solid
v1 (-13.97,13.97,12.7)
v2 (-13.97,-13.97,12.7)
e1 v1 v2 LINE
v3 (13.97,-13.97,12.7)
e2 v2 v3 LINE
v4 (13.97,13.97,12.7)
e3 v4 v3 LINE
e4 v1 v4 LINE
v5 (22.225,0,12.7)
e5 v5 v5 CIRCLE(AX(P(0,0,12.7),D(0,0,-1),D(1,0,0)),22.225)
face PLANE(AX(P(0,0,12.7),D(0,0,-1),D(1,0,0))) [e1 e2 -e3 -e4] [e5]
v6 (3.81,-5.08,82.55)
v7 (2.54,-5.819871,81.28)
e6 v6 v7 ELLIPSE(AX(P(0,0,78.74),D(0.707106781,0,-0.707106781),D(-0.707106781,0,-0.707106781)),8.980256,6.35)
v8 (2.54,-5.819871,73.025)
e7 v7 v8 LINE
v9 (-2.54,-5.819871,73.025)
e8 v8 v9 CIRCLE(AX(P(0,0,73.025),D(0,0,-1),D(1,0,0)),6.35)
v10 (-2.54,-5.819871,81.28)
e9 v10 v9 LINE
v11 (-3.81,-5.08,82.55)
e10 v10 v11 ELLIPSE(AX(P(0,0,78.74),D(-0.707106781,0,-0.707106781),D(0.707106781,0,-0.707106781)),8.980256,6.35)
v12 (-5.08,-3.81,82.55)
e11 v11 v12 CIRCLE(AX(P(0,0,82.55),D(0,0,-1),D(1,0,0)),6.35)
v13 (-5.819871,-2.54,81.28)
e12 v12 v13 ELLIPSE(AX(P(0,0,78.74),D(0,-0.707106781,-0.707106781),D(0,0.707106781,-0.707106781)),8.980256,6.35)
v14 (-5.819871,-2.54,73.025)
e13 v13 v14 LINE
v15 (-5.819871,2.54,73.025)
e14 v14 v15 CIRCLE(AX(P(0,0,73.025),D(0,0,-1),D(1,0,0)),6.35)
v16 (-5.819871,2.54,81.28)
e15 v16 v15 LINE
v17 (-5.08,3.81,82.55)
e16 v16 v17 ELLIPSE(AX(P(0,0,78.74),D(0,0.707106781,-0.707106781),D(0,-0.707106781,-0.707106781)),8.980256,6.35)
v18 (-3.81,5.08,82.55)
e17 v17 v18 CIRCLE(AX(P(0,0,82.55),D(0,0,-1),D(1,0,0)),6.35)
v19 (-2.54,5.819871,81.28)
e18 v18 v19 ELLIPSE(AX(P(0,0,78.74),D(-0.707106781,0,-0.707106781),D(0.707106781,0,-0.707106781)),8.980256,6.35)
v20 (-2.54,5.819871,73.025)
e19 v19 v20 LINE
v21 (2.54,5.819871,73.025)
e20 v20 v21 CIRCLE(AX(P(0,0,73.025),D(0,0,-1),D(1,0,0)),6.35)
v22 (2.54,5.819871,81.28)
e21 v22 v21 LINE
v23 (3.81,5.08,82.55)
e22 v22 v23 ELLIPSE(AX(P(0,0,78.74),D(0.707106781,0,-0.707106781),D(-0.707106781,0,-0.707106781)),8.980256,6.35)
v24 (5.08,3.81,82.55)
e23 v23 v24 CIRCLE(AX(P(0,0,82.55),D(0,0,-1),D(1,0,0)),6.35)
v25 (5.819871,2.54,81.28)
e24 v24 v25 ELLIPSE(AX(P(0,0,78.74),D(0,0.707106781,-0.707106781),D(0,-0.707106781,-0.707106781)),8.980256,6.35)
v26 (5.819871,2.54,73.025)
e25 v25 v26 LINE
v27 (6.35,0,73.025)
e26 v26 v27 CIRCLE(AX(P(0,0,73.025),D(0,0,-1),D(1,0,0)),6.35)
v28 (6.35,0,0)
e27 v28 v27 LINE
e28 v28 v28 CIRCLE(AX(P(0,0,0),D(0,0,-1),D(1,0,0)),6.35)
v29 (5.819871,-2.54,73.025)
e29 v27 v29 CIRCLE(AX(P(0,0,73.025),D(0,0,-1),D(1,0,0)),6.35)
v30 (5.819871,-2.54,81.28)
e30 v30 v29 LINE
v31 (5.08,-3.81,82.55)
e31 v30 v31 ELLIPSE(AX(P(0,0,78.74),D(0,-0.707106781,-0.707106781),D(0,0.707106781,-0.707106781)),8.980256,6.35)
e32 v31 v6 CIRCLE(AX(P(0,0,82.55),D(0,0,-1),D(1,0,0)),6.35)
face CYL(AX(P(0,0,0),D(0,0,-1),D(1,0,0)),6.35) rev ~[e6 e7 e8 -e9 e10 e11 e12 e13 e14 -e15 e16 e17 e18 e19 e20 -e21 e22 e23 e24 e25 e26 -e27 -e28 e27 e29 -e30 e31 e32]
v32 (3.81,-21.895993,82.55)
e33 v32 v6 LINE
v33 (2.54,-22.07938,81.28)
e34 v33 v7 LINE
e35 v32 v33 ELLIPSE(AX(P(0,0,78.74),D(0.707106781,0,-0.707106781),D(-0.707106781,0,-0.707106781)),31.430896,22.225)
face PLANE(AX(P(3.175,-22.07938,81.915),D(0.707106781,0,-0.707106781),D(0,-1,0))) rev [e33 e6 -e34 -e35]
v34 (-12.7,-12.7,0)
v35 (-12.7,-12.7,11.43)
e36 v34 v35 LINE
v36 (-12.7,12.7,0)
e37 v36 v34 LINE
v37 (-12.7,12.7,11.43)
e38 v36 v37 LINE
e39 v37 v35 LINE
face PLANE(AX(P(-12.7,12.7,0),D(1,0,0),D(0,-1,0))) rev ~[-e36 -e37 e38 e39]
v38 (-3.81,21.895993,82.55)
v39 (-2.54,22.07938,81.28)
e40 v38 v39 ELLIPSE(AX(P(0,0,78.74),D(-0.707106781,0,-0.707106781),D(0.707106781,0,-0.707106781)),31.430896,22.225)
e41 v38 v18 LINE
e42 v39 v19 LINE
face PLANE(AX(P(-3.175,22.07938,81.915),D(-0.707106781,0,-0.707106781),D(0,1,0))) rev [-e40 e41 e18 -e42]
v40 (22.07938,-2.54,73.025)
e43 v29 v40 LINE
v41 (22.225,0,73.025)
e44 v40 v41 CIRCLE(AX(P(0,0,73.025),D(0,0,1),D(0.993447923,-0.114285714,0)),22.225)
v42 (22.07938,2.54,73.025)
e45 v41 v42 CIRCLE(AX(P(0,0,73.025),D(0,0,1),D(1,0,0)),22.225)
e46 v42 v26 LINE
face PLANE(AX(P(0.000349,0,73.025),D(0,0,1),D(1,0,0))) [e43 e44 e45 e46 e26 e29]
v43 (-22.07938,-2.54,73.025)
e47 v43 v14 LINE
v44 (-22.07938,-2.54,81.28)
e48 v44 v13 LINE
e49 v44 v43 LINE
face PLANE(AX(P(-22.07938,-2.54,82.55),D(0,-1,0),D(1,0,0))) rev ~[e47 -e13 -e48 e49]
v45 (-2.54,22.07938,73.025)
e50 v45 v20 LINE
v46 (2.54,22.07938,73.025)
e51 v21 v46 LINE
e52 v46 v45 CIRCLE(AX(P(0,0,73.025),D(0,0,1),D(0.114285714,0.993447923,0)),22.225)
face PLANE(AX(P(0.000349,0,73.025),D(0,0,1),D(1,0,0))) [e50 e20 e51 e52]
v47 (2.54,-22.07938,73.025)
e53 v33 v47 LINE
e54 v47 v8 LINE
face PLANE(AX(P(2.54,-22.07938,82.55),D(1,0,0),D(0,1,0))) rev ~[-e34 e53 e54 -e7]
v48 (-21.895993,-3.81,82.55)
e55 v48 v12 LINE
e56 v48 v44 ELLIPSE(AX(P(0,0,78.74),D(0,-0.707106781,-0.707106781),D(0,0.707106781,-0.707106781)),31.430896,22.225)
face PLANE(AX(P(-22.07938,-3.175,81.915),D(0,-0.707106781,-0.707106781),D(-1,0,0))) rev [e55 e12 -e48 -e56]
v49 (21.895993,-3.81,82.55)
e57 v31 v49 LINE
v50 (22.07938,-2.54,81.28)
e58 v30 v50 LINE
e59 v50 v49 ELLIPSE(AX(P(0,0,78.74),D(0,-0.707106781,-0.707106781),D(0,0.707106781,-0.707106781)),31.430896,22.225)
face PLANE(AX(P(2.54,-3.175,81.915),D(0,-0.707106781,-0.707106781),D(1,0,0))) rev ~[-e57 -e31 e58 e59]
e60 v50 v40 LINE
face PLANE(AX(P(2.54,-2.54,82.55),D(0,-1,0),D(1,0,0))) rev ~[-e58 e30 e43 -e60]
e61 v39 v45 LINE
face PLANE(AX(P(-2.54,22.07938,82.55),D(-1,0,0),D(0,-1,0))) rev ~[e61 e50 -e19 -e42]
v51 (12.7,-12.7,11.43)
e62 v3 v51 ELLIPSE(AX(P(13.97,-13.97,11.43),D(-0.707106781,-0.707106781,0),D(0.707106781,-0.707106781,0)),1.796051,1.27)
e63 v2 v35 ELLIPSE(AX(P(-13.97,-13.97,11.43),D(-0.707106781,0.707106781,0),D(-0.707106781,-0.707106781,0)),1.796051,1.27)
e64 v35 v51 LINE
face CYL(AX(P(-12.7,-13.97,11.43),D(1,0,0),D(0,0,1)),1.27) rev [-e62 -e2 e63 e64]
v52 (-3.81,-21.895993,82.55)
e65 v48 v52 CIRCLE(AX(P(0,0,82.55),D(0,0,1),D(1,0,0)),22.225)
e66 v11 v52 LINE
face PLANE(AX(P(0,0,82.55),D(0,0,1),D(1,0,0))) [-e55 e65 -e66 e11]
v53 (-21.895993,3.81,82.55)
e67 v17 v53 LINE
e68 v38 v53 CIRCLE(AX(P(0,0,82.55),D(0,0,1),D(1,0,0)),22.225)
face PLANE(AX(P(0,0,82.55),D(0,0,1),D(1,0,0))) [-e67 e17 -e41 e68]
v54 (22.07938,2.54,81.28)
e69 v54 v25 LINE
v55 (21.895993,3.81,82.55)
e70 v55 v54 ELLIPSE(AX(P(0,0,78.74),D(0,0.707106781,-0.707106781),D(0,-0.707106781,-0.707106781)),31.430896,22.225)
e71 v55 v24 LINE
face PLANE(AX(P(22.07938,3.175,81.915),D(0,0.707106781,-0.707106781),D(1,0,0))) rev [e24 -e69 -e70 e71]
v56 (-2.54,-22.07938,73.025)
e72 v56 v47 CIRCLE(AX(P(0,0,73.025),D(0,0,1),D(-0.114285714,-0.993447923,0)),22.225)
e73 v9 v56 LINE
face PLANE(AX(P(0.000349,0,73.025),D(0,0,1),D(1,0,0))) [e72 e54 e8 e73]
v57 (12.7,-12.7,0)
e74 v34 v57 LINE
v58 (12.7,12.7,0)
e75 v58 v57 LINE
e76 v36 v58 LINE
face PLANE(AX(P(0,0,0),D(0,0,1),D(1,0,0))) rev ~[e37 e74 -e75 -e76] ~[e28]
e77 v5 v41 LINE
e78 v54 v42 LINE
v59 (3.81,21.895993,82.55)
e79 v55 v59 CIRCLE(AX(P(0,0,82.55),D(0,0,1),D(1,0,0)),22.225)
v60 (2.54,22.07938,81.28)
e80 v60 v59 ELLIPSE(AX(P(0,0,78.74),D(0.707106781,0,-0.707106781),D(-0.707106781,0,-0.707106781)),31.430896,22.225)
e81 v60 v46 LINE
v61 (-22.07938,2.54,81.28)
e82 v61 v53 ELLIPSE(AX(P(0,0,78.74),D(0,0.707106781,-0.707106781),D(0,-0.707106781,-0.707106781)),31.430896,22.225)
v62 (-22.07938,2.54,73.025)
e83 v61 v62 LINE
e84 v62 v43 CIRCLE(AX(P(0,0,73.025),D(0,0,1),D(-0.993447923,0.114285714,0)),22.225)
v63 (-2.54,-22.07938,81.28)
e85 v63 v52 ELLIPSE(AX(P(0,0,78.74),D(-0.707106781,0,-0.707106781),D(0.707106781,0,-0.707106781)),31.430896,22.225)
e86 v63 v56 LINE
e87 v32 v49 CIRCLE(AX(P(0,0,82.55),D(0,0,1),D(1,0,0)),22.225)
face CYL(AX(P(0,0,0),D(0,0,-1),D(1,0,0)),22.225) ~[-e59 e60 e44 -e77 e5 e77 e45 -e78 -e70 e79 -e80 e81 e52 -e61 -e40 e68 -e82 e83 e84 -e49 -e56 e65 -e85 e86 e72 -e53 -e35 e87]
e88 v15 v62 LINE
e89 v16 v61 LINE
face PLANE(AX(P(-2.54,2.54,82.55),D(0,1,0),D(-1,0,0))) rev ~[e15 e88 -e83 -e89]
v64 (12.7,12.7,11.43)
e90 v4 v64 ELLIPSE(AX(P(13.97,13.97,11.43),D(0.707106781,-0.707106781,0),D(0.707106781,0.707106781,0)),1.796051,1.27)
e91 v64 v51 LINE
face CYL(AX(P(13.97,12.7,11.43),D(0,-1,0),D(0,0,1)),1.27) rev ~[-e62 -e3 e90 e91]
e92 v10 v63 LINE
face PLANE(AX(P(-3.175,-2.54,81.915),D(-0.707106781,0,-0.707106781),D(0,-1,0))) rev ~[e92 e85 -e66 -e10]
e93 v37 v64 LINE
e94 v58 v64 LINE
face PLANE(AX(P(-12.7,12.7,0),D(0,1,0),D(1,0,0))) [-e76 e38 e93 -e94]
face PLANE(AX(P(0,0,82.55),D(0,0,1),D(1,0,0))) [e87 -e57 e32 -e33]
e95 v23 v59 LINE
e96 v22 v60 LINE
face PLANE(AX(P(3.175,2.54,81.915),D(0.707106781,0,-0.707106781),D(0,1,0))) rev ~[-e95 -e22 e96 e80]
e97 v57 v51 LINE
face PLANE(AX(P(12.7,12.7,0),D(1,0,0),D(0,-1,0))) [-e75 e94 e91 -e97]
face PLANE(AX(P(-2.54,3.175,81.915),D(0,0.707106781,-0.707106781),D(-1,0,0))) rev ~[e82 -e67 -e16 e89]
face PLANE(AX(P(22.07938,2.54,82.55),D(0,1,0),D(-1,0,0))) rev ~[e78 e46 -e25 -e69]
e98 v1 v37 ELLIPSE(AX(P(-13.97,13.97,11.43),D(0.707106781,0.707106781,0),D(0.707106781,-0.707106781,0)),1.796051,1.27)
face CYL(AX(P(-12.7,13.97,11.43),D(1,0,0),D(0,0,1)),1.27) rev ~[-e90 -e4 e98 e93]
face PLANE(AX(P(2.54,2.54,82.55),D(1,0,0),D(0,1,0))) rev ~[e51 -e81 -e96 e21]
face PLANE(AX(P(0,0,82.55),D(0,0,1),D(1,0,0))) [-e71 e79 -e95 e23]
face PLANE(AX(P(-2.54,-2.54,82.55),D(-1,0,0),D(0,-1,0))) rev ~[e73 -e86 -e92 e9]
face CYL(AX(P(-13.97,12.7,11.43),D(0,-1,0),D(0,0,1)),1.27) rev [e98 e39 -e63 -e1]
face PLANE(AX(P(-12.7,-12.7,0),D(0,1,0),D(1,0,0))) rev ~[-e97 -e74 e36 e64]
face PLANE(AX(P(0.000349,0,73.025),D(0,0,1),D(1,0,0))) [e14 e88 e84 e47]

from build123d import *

# Parameters (mm, degrees)
F0_R     = 22.225
F1_DEPTH = 82.55
F3_DEPTH = 9.525
F4_SIZE  = 1.27
F5_R     = 22.225
F5_W     = 25.4
F5_H     = 25.4
F6_DEPTH = 12.7
F7_R     = 1.27
F8_R     = 6.35
F9_DEPTH = 82.551


with BuildPart() as f1:
    # F0 (on Top) → F1 (new body)
    with BuildSketch(Plane.XY):
        Circle(F0_R)
    extrude(amount=F1_DEPTH)

    # F2 (on face) → F3 (cut)
    with BuildSketch(Plane.XY.offset(82.55)):
        with BuildLine():
            ThreePointArc((2.54, 22.0793800864), (0, 22.225), (-2.54, 22.0793800864))
            Line((-2.54, 22.0793800864), (-2.54, 2.54))
            Line((-2.54, 2.54), (-22.0793800864, 2.54))
            ThreePointArc((-22.0793800864, 2.54), (-22.225, 0), (-22.0793800864, -2.54))
            Line((-22.0793800864, -2.54), (-2.54, -2.54))
            Line((-2.54, -2.54), (-2.54, -22.0793800864))
            ThreePointArc((-2.54, -22.0793800864), (0, -22.225), (2.54, -22.0793800864))
            Line((2.54, -22.0793800864), (2.54, -2.54))
            Line((2.54, -2.54), (22.0793800864, -2.54))
            ThreePointArc((22.0793800864, -2.54), (22.1885651566, -1.2720854098), (22.225, 0))
            ThreePointArc((22.225, 0), (22.1885651566, 1.2720854098), (22.0793800864, 2.54))
            Line((22.0793800864, 2.54), (2.54, 2.54))
            Line((2.54, 2.54), (2.54, 22.0793800864))
        make_face()
    extrude(amount=-F3_DEPTH, mode=Mode.SUBTRACT)

    # F4
    f4_edges = [f1.edges().sort_by_distance(p)[0] for p in [
        (-12.30969, 2.54, 82.55),
        (-2.54, 12.30969, 82.55),
        (2.54, 12.30969, 82.55),
        (12.30969, 2.54, 82.55),
        (12.30969, -2.54, 82.55),
        (2.54, -12.30969, 82.55),
        (-2.54, -12.30969, 82.55),
        (-12.30969, -2.54, 82.55),
    ]]
    chamfer(f4_edges, length=F4_SIZE)

    # F5 (on face) → F6 (cut)
    with BuildSketch(Plane(origin=(0, 0, 0), x_dir=(1, 0, 0), z_dir=(0, 0, -1))):
        Circle(F5_R)
        Rectangle(F5_W, F5_H, mode=Mode.SUBTRACT)
    extrude(amount=-F6_DEPTH, mode=Mode.SUBTRACT)

    # F7
    f7_edges = [f1.edges().sort_by_distance(p)[0] for p in [
        (0, 12.7, 12.7),
        (12.7, 0, 12.7),
        (-12.7, 0, 12.7),
        (0, -12.7, 12.7),
    ]]
    fillet(f7_edges, radius=F7_R)

    # F8 (on face) → F9 (cut, through all)
    with BuildSketch(Plane(origin=(0, 0, 0), x_dir=(1, 0, 0), z_dir=(0, 0, -1))):
        Circle(F8_R)
    extrude(amount=-F9_DEPTH, mode=Mode.SUBTRACT)


solid = f1.part
